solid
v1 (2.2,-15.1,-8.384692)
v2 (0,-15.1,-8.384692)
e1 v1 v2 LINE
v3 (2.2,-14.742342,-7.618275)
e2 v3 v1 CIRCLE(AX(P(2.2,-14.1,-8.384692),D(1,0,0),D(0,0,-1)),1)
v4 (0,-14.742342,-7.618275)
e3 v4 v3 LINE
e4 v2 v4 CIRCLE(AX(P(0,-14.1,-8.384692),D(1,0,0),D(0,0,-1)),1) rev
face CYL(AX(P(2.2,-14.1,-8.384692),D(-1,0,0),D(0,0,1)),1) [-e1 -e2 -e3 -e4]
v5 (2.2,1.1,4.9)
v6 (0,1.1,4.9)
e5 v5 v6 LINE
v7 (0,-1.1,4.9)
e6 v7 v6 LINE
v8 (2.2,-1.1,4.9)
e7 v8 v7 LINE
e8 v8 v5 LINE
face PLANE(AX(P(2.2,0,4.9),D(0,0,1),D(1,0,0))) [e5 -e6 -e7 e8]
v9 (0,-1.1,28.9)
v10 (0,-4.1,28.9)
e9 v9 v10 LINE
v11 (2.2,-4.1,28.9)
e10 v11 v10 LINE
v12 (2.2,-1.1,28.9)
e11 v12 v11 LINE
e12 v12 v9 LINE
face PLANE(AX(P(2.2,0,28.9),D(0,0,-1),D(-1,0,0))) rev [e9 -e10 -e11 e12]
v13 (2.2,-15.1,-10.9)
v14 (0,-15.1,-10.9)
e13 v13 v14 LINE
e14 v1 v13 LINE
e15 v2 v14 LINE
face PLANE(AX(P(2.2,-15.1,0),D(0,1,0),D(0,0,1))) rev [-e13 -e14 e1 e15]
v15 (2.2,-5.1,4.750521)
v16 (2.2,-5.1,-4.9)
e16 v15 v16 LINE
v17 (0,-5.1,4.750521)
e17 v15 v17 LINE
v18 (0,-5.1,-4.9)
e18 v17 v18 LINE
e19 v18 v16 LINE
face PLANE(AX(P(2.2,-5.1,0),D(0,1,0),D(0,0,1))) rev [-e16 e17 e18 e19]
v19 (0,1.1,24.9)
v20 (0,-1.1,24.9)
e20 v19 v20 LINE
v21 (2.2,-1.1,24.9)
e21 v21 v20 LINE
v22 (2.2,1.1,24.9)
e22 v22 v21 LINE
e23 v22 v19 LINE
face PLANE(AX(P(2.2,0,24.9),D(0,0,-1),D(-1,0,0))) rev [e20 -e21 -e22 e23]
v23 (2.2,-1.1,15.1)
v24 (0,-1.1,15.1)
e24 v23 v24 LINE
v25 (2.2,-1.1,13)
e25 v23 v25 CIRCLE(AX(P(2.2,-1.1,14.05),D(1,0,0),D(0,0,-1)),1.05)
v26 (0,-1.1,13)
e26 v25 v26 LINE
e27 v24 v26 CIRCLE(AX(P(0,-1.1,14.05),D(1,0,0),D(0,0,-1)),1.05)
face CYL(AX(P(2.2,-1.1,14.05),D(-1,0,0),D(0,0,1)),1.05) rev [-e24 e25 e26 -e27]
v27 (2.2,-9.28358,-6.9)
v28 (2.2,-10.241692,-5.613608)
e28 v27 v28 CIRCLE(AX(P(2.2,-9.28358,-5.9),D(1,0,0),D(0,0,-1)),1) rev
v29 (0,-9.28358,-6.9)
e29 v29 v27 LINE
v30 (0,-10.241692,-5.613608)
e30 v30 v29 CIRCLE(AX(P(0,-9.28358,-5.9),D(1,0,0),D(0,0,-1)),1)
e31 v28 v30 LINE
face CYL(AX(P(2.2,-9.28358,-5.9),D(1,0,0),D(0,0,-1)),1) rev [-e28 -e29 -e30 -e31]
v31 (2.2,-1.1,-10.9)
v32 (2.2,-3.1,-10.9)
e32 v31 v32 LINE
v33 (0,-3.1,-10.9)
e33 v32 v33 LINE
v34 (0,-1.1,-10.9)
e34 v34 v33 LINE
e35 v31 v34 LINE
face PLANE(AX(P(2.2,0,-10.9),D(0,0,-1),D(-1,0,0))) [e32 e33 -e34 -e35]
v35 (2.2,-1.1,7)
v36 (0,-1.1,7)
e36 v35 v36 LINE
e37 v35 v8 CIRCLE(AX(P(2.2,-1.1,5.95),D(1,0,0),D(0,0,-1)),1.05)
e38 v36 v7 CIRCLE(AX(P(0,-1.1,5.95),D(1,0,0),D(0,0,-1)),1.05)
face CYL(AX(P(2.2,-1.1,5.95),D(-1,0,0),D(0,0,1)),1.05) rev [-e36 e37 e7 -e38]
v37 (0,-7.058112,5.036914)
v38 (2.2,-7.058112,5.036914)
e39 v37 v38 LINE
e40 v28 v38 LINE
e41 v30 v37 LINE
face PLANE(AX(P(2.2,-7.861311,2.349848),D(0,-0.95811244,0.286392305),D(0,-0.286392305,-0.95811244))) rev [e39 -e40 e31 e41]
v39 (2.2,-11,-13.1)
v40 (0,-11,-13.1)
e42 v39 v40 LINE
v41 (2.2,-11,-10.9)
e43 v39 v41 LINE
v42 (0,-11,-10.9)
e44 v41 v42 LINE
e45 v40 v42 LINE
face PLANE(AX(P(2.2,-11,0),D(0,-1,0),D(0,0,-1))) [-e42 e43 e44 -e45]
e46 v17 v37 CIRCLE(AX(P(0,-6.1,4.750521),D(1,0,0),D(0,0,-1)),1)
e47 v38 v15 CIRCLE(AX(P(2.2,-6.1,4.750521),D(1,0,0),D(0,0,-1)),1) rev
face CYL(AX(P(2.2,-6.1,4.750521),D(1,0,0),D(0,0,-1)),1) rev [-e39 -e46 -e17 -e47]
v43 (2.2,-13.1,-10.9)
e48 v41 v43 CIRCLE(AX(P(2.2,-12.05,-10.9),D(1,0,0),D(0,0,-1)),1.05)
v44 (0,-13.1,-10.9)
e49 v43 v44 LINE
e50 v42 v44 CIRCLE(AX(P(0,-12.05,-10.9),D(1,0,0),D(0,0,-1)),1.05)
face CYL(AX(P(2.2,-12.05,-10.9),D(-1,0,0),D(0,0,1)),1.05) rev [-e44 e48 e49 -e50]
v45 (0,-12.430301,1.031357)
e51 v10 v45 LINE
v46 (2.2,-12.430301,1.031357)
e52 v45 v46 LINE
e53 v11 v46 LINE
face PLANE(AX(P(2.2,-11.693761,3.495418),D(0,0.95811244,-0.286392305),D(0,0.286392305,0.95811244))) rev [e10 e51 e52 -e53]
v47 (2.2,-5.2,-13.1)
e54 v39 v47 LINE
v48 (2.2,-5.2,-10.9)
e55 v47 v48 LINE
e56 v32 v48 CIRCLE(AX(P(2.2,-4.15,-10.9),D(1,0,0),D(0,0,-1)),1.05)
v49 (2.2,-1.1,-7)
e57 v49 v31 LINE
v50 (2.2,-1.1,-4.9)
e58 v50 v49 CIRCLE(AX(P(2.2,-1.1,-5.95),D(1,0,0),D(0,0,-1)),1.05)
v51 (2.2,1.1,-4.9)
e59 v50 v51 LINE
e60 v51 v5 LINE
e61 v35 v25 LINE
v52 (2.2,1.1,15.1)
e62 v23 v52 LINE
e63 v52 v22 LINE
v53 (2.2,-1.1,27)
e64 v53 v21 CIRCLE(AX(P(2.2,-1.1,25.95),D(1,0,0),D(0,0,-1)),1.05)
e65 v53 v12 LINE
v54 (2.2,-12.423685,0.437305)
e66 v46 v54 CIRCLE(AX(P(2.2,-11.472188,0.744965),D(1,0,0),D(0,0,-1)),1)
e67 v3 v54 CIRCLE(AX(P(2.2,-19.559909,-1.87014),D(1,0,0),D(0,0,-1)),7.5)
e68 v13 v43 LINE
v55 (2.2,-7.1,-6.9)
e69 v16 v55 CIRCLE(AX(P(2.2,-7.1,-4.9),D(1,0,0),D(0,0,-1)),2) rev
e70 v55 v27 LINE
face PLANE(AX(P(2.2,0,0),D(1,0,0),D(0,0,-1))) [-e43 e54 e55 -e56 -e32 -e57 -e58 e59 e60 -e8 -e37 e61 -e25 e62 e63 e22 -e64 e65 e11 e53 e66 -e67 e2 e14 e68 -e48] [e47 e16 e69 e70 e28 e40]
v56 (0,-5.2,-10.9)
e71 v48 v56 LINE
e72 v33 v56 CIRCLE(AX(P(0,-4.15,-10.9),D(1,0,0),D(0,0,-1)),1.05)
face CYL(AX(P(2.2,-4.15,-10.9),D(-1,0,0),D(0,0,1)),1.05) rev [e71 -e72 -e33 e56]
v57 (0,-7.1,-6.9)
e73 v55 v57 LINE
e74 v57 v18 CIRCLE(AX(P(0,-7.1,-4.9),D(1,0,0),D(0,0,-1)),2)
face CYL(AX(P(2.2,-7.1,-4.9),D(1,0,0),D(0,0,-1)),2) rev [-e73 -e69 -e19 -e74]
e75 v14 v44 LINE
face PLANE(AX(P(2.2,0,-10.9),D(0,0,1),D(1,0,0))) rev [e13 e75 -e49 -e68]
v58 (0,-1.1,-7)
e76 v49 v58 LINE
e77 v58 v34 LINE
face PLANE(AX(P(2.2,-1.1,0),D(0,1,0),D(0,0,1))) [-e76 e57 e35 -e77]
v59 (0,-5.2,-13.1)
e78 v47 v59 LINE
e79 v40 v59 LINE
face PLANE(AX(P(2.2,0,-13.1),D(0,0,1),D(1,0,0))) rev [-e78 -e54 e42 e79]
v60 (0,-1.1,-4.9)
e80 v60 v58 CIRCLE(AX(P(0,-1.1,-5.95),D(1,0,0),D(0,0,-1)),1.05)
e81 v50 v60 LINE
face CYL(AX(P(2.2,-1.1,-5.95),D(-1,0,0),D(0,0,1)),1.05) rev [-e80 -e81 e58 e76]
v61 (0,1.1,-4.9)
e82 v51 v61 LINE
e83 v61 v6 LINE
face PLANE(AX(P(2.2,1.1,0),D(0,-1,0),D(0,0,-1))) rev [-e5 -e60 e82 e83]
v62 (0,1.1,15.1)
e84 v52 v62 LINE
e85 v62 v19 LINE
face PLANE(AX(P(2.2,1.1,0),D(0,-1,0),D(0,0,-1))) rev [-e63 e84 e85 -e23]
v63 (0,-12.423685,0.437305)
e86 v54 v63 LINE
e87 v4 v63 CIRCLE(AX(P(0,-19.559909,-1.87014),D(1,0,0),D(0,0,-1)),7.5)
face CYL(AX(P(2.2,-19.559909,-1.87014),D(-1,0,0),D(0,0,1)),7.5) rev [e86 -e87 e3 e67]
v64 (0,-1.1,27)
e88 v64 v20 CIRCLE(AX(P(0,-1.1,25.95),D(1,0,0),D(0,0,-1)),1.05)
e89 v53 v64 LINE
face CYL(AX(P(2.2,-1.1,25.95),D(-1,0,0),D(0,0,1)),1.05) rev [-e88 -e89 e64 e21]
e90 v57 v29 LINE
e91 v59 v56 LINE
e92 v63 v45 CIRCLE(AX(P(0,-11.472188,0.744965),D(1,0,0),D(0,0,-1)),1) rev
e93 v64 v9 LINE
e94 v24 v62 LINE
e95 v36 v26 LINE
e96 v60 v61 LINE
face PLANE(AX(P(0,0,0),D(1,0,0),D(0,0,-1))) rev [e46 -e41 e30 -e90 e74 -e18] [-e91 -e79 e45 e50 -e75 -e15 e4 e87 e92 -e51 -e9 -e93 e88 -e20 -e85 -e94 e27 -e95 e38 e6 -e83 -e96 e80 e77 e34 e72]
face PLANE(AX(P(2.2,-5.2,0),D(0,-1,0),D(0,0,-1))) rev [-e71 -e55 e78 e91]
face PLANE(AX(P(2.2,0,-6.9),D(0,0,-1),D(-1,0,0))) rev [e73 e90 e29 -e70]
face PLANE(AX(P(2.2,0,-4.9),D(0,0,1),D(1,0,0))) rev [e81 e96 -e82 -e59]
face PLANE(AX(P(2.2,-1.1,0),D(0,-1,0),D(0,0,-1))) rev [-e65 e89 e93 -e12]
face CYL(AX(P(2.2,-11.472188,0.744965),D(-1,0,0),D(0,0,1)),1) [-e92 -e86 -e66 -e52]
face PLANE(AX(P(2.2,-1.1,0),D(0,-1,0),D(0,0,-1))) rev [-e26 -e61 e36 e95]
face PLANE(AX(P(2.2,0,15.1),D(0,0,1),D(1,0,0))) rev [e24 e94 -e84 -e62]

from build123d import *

# Parameters (mm, degrees)
EXTRUDE_1_DEPTH = 2.2
FILLET_1_R      = 2
FILLET_2_R      = 1


with BuildPart() as part:
    # 草图1 → 凸台-拉伸1 (new body)
    with BuildSketch(Plane(origin=(0, 0, 0), x_dir=(0, 0, -1), z_dir=(1, 0, 0))):
        with BuildLine():
            ThreePointArc((7, -1.1), (5.95, -2.15), (4.9, -1.1))
            Line((4.9, -1.1), (4.9, 1.1))
            Line((4.9, 1.1), (-4.9, 1.1))
            Line((-4.9, 1.1), (-4.9, -1.1))
            ThreePointArc((-4.9, -1.1), (-5.95, -2.15), (-7, -1.1))
            Line((-7, -1.1), (-13, -1.1))
            ThreePointArc((-13, -1.1), (-14.05, -2.15), (-15.1, -1.1))
            Line((-15.1, -1.1), (-15.1, 1.1))
            Line((-15.1, 1.1), (-24.9, 1.1))
            Line((-24.9, 1.1), (-24.9, -1.1))
            ThreePointArc((-24.9, -1.1), (-25.95, -2.15), (-27, -1.1))
            Line((-27, -1.1), (-28.9, -1.1))
            Line((-28.9, -1.1), (-28.9, -4.1))
            Line((-28.9, -4.1), (-0.723011959, -12.522469251))
            ThreePointArc((-0.723011959, -12.522469251), (4.018082479, -12.374065966), (7.9, -15.1))
            Line((7.9, -15.1), (10.9, -15.1))
            Line((10.9, -15.1), (10.9, -13.1))
            ThreePointArc((10.9, -13.1), (9.85, -12.05), (10.9, -11))
            Line((10.9, -11), (13.1, -11))
            Line((13.1, -11), (13.1, -5.2))
            Line((13.1, -5.2), (10.9, -5.2))
            ThreePointArc((10.9, -5.2), (9.85, -4.15), (10.9, -3.1))
            Line((10.9, -3.1), (10.9, -1.1))
            Line((10.9, -1.1), (7, -1.1))
        make_face()
        Polygon((6.9, -10.626211615), (-11.587689765, -5.1), (6.9, -5.1), align=None, mode=Mode.SUBTRACT)
    extrude(amount=EXTRUDE_1_DEPTH)

    # 圆角1
    fillet_1_edges = [part.edges().sort_by_distance(p)[0] for p in [
        (1.1, -5.1, -6.9),
    ]]
    fillet(fillet_1_edges, radius=FILLET_1_R)

    # 圆角2
    fillet_2_edges = [part.edges().sort_by_distance(p)[0] for p in [
        (1.1, -5.1, 11.587689765),
        (1.1, -10.626211615, -6.9),
        (1.1, -12.522469251, 0.723011959),
        (1.1, -15.1, -7.9),
    ]]
    fillet(fillet_2_edges, radius=FILLET_2_R)


solid = part.part
